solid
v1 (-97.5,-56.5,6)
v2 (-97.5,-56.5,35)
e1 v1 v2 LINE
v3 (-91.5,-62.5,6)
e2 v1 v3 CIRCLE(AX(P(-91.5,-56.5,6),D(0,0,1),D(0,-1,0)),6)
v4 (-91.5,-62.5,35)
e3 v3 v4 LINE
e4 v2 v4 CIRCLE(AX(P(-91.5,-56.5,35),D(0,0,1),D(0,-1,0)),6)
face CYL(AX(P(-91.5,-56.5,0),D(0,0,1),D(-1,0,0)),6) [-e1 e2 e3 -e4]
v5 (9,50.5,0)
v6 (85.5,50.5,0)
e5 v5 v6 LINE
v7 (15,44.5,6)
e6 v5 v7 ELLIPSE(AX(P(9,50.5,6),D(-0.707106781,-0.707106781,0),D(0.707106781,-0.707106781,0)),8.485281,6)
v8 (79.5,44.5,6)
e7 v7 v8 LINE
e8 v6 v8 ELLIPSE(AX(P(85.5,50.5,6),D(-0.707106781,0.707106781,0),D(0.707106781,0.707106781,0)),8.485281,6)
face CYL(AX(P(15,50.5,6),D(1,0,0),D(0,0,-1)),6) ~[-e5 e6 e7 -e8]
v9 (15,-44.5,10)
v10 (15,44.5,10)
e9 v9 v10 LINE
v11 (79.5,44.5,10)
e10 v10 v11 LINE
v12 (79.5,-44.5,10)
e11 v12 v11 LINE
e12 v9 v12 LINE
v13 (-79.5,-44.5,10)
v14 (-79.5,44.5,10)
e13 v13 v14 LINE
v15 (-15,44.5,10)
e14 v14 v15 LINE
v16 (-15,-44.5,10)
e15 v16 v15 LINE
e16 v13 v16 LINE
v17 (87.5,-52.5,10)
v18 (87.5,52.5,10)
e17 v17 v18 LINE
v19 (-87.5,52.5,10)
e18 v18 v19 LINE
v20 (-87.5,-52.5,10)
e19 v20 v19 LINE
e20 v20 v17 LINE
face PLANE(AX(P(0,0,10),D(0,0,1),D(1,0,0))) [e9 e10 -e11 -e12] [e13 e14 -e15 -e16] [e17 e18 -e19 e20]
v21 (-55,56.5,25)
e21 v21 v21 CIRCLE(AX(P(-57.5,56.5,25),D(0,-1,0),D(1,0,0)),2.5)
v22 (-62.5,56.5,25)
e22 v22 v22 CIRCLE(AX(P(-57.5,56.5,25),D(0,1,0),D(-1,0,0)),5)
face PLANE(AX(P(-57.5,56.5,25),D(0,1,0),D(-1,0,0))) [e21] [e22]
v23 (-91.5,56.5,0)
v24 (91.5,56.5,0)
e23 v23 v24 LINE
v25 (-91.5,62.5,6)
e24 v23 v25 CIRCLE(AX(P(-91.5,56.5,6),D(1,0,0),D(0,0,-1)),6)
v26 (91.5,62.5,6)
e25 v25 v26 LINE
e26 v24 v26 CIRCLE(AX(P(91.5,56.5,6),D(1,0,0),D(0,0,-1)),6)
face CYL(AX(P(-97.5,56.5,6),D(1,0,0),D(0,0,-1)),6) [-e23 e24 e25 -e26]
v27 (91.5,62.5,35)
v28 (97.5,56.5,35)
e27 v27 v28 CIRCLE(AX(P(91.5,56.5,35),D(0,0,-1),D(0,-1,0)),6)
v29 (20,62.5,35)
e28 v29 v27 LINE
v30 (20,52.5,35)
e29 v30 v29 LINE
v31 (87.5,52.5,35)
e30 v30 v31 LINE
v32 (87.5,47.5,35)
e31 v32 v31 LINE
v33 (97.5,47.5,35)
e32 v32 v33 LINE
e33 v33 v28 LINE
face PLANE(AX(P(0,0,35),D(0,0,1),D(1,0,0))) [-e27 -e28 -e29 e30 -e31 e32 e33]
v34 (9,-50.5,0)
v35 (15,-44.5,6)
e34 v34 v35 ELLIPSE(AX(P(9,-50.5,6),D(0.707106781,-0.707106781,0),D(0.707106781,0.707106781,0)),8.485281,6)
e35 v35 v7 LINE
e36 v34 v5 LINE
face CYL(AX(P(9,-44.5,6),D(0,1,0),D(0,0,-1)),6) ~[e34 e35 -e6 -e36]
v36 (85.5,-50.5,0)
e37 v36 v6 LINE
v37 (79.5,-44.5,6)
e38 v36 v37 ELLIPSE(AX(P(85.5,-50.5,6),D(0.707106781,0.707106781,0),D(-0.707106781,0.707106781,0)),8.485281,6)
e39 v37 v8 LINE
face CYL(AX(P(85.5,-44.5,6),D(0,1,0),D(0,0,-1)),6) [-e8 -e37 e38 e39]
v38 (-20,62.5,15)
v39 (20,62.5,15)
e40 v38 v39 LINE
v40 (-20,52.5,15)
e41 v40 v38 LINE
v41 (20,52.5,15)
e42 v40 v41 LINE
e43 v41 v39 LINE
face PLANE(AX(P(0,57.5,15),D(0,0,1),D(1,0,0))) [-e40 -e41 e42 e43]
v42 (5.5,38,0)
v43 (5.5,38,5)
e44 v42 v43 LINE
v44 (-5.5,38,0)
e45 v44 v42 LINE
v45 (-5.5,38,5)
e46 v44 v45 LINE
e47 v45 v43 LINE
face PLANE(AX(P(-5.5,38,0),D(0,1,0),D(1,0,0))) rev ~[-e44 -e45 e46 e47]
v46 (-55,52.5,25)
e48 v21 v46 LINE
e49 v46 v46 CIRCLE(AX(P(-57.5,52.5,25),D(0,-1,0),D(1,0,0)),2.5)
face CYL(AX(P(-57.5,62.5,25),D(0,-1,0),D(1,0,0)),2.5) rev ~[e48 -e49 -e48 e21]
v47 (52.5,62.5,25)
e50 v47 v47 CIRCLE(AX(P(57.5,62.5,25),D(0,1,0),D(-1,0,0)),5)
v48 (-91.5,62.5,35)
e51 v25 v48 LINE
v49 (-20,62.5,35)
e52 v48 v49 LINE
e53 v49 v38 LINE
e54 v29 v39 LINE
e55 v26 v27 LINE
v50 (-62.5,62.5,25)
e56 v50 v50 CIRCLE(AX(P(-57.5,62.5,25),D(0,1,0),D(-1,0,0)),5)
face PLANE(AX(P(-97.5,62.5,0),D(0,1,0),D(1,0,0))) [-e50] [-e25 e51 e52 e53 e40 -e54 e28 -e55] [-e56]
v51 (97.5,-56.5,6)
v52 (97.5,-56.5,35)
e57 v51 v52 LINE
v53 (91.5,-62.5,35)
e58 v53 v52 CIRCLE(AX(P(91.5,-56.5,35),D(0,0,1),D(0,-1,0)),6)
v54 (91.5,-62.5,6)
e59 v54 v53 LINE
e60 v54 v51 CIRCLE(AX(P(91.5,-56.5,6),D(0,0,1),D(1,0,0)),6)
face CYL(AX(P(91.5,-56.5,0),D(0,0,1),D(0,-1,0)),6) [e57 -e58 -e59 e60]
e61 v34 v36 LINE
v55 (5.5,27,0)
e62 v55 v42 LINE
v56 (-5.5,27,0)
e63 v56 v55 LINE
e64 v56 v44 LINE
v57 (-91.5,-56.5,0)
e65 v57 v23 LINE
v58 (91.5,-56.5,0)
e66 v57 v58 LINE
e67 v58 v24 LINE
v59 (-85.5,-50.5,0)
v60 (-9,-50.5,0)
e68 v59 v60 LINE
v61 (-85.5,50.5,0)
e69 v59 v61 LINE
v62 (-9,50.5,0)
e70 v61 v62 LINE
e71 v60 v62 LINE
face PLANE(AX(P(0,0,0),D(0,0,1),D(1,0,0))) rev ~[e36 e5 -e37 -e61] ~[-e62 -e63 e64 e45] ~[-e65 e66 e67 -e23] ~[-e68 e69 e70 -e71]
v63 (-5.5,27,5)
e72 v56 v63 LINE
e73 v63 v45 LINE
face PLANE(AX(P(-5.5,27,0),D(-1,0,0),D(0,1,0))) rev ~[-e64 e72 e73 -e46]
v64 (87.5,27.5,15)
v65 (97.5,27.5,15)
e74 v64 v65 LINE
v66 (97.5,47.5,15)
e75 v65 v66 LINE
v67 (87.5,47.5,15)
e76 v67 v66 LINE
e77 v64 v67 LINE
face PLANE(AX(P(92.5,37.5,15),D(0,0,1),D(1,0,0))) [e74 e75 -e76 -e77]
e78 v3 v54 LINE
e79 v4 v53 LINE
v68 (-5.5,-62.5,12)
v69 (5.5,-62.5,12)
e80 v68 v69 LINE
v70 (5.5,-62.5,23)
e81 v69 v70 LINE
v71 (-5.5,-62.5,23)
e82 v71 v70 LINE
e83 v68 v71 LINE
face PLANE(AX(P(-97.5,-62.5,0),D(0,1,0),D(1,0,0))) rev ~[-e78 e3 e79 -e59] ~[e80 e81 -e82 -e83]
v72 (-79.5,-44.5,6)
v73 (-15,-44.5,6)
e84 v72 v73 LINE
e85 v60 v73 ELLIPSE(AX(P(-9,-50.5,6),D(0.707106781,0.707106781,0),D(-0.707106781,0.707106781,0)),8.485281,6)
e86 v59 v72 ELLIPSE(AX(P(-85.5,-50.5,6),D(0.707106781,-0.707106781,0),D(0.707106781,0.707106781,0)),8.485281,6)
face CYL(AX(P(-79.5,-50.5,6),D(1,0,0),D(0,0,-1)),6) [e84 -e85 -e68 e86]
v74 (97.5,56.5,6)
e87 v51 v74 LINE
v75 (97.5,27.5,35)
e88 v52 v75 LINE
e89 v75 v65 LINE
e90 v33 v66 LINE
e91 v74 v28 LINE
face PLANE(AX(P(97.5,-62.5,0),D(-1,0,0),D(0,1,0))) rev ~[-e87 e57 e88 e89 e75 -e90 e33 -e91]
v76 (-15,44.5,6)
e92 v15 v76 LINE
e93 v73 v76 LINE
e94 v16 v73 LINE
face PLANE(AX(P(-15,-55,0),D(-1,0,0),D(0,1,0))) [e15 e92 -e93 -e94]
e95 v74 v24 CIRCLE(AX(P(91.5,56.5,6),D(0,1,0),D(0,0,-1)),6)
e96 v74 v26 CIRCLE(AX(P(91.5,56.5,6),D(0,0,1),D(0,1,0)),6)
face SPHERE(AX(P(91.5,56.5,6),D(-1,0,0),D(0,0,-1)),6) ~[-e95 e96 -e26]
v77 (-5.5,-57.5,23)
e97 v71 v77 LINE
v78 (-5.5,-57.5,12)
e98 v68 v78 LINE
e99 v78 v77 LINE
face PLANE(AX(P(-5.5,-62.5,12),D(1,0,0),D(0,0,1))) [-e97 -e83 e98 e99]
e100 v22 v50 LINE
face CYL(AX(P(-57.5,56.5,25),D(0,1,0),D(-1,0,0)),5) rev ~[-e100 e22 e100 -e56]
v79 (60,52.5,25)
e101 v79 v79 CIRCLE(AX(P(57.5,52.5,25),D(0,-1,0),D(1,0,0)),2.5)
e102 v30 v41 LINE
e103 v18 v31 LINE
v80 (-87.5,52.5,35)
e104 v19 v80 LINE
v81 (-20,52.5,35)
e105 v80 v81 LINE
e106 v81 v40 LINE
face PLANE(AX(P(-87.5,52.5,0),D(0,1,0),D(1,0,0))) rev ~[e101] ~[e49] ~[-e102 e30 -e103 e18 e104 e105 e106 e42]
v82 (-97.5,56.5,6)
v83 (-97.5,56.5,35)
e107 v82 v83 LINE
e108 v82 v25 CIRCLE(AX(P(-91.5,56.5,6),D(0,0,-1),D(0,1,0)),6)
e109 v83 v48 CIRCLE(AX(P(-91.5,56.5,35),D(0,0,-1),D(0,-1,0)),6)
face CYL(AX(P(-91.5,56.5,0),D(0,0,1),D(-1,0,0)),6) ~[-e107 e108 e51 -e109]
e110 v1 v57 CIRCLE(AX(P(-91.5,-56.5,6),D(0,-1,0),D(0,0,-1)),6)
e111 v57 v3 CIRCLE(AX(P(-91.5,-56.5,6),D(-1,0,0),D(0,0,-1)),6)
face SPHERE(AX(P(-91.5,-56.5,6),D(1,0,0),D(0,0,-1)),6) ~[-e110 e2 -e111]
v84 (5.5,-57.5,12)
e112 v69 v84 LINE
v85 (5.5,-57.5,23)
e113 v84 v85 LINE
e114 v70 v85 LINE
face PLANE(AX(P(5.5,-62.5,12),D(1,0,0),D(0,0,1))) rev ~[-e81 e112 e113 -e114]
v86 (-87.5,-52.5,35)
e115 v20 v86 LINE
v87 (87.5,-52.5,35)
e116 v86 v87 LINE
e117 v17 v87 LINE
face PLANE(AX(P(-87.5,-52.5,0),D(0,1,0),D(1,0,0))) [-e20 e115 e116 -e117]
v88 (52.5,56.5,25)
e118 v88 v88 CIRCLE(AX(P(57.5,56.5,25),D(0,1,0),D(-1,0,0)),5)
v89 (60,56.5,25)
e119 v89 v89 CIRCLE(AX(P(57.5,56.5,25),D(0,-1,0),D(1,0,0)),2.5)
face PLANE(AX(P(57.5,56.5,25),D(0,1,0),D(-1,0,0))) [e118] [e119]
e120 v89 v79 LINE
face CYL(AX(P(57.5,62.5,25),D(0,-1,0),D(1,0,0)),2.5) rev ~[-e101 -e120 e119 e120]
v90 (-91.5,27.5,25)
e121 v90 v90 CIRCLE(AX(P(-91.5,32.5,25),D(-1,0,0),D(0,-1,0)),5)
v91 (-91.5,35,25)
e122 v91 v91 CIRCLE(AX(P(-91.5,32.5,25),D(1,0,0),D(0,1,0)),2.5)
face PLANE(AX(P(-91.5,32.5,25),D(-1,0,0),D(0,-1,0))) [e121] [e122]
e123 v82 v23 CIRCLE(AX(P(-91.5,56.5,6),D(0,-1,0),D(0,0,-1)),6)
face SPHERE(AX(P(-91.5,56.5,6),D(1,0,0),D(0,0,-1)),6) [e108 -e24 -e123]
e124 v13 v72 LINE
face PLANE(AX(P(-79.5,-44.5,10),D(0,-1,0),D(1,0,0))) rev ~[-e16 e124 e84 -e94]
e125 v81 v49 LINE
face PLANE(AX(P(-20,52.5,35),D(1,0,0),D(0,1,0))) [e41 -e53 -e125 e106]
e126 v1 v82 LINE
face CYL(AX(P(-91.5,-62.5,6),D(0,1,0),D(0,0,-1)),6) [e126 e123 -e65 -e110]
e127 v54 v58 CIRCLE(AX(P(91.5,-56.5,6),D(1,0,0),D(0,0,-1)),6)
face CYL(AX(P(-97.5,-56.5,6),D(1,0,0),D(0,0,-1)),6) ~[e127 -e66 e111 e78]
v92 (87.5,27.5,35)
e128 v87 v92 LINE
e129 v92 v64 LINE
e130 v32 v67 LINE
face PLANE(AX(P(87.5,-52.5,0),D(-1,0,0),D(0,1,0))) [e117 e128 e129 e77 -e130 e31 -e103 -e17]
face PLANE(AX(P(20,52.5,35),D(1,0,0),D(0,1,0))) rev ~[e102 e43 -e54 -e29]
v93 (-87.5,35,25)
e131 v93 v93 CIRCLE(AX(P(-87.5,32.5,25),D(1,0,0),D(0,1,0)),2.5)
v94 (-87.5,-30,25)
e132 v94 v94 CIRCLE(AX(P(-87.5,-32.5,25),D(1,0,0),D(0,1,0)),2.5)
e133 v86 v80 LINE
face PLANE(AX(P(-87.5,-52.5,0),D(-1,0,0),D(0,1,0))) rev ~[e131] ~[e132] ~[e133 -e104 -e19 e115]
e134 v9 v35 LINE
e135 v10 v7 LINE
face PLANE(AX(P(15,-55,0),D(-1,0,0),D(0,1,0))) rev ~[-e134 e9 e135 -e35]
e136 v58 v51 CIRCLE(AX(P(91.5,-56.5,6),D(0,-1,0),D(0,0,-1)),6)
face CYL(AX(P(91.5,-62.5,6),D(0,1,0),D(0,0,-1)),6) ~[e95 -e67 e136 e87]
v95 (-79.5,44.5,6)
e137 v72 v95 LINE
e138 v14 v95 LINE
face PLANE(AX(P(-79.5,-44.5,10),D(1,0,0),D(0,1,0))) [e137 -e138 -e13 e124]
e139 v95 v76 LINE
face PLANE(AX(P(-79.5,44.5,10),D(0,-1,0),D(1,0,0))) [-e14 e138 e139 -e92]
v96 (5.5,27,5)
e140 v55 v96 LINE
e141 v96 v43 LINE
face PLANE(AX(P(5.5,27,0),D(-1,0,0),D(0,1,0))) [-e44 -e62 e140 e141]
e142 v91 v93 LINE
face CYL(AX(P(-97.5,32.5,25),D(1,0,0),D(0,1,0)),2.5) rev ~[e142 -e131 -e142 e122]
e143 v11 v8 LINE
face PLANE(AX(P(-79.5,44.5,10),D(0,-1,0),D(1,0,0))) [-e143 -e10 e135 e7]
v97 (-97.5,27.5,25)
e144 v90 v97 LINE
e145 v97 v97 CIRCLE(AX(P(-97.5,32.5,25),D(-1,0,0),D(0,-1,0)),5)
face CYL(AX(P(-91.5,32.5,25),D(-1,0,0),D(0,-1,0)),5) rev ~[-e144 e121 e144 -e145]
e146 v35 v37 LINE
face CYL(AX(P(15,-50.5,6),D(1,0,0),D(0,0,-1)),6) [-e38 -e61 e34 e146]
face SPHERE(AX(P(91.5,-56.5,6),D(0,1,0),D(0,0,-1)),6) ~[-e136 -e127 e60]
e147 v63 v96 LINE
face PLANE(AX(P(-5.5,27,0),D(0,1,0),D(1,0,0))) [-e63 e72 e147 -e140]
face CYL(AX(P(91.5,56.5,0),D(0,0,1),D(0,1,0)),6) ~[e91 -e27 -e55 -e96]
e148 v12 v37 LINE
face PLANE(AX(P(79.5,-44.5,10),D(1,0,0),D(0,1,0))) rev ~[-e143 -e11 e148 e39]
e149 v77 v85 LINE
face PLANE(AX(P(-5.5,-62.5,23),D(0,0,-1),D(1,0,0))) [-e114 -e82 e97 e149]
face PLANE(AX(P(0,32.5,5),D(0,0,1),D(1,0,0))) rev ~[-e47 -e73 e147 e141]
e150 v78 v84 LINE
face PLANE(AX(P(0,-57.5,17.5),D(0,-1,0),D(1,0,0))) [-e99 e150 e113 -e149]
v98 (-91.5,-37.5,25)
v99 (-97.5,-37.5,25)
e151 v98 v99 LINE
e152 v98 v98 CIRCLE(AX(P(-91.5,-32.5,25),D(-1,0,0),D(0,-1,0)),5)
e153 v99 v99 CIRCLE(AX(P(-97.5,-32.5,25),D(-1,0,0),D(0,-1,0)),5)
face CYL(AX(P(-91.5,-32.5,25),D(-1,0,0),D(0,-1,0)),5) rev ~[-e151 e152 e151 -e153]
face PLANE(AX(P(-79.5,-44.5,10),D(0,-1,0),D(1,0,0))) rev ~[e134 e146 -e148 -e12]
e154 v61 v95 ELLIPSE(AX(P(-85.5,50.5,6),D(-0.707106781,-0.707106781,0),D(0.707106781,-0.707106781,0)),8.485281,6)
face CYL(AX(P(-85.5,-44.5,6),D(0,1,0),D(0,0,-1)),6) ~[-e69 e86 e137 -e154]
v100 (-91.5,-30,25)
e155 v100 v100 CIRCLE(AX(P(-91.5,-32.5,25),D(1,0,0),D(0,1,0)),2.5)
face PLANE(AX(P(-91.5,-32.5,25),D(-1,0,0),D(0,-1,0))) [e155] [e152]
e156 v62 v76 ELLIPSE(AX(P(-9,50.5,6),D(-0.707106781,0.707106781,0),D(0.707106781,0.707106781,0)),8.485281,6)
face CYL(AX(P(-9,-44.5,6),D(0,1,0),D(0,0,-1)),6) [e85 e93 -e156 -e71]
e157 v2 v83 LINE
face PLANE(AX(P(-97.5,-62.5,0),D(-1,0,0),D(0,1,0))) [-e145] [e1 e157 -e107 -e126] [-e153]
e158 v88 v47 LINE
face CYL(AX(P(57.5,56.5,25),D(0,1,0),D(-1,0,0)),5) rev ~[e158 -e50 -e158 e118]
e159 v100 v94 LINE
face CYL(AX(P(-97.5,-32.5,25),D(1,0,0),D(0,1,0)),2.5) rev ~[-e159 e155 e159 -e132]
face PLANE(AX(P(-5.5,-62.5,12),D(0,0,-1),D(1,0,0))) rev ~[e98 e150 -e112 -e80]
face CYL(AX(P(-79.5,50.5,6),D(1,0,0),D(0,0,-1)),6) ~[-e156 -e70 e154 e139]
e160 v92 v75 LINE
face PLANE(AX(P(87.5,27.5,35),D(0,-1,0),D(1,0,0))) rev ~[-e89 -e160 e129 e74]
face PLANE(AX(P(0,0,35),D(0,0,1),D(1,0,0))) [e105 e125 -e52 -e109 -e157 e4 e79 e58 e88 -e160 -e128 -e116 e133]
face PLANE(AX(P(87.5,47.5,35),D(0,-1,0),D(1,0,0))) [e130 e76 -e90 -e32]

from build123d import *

# Parameters (mm, degrees)
F0_W            = 195
F0_H            = 125
F0_W_2          = 175
F0_H_2          = 105
F1_DEPTH        = 35
F2_DEPTH        = 10
F3_W            = 40
F3_H            = 10
F3_W_2          = 10
F3_H_2          = 20
F4_DEPTH        = 20
F5_W            = 159
F5_H            = 89
F6_DEPTH        = 25
F8_W            = 30
F8_H            = 110
F9_DEPTH        = 10
F10_W           = 11
F10_H           = 11
F11_DEPTH       = 5
F12_DEPTH       = 5
F15_D           = 5
F15_DEPTH       = 12
F15_CBORE_D     = 10
F15_CBORE_DEPTH = 6
F15_TIP         = 1.5021515476
F16_D           = 5
F16_DEPTH       = 12
F16_CBORE_D     = 10
F16_CBORE_DEPTH = 6
F16_TIP         = 1.5021515476
F17_R           = 6
F18_R           = 6
F7_W            = 11
F7_H            = 11
F19_DEPTH       = 5


with BuildPart() as f1:
    # F0 (on Top) → F1 (new body)
    with BuildSketch(Plane.XY):
        Rectangle(F0_W, F0_H)
        Rectangle(F0_W_2, F0_H_2, mode=Mode.SUBTRACT)
    extrude(amount=F1_DEPTH)

    # F0 (on Top) → F2 (join)
    with BuildSketch(Plane.XY):
        Rectangle(F0_W_2, F0_H_2)
    extrude(amount=F2_DEPTH)

    # F3 (on face) → F4 (cut)
    with BuildSketch(Plane.XY.offset(35)):
        with Locations((0, 57.5)):
            Rectangle(F3_W, F3_H)
        with Locations((92.5, 37.5)):
            Rectangle(F3_W_2, F3_H_2)
    extrude(amount=-F4_DEPTH, mode=Mode.SUBTRACT)

    # F5 (on face) → F6 (cut)
    with BuildSketch(Plane.XY.offset(10)):
        Rectangle(F5_W, F5_H)
    extrude(amount=-F6_DEPTH, mode=Mode.SUBTRACT)

    # F8 (on Top) → F9 (join)
    with BuildSketch(Plane.XY):
        Rectangle(F8_W, F8_H)
    extrude(amount=F9_DEPTH)

    # F10 (on Top) → F11 (cut)
    with BuildSketch(Plane.XY):
        with Locations((0, 32.5)):
            Rectangle(F10_W, F10_H)
    extrude(amount=-F11_DEPTH, mode=Mode.SUBTRACT)

    # F10 (on Top) → F12 (cut)
    with BuildSketch(Plane.XY):
        with Locations((0, 32.5)):
            Rectangle(F10_W, F10_H)
    extrude(amount=F12_DEPTH, mode=Mode.SUBTRACT)

    # F15
    with Locations(Plane(origin=(-97.5, 0, 0), x_dir=(0, -1, 0), z_dir=(-1, 0, 0))):
        with Locations((-32.5, 25), (32.5, 25)):
            CounterBoreHole(F15_D / 2, F15_CBORE_D / 2, F15_CBORE_DEPTH, depth=F15_DEPTH)
            with Locations((0, 0, -(F15_DEPTH + F15_TIP / 2))):  # 118° drill point
                Cone(0, F15_D / 2, F15_TIP, mode=Mode.SUBTRACT)

    # F16
    with Locations(Plane(origin=(0, 62.5, 0), x_dir=(-1, 0, 0), z_dir=(0, 1, 0))):
        with Locations((-57.5, 25), (57.5, 25)):
            CounterBoreHole(F16_D / 2, F16_CBORE_D / 2, F16_CBORE_DEPTH, depth=F16_DEPTH)
            with Locations((0, 0, -(F16_DEPTH + F16_TIP / 2))):  # 118° drill point
                Cone(0, F16_D / 2, F16_TIP, mode=Mode.SUBTRACT)

    # F17
    f17_edges = [f1.edges().sort_by_distance(p)[0] for p in [
        (79.5, 0, 0),
        (47.25, 44.5, 0),
        (15, 0, 0),
        (47.25, -44.5, 0),
        (-15, 0, 0),
        (-47.25, 44.5, 0),
        (-79.5, 0, 0),
        (-47.25, -44.5, 0),
    ]]
    fillet(f17_edges, radius=F17_R)

    # F18
    f18_edges = [f1.edges().sort_by_distance(p)[0] for p in [
        (0, 62.5, 0),
        (97.5, 0, 0),
        (0, -62.5, 0),
        (-97.5, 0, 0),
        (-97.5, 62.5, 17.5),
        (97.5, 62.5, 17.5),
        (97.5, -62.5, 17.5),
        (-97.5, -62.5, 17.5),
    ]]
    fillet(f18_edges, radius=F18_R)

    # F7 (on face) → F19 (cut)
    with BuildSketch(Plane.XZ.offset(62.5)):
        with Locations((0, 17.5)):
            Rectangle(F7_W, F7_H)
    extrude(amount=-F19_DEPTH, mode=Mode.SUBTRACT)


solid = f1.part
